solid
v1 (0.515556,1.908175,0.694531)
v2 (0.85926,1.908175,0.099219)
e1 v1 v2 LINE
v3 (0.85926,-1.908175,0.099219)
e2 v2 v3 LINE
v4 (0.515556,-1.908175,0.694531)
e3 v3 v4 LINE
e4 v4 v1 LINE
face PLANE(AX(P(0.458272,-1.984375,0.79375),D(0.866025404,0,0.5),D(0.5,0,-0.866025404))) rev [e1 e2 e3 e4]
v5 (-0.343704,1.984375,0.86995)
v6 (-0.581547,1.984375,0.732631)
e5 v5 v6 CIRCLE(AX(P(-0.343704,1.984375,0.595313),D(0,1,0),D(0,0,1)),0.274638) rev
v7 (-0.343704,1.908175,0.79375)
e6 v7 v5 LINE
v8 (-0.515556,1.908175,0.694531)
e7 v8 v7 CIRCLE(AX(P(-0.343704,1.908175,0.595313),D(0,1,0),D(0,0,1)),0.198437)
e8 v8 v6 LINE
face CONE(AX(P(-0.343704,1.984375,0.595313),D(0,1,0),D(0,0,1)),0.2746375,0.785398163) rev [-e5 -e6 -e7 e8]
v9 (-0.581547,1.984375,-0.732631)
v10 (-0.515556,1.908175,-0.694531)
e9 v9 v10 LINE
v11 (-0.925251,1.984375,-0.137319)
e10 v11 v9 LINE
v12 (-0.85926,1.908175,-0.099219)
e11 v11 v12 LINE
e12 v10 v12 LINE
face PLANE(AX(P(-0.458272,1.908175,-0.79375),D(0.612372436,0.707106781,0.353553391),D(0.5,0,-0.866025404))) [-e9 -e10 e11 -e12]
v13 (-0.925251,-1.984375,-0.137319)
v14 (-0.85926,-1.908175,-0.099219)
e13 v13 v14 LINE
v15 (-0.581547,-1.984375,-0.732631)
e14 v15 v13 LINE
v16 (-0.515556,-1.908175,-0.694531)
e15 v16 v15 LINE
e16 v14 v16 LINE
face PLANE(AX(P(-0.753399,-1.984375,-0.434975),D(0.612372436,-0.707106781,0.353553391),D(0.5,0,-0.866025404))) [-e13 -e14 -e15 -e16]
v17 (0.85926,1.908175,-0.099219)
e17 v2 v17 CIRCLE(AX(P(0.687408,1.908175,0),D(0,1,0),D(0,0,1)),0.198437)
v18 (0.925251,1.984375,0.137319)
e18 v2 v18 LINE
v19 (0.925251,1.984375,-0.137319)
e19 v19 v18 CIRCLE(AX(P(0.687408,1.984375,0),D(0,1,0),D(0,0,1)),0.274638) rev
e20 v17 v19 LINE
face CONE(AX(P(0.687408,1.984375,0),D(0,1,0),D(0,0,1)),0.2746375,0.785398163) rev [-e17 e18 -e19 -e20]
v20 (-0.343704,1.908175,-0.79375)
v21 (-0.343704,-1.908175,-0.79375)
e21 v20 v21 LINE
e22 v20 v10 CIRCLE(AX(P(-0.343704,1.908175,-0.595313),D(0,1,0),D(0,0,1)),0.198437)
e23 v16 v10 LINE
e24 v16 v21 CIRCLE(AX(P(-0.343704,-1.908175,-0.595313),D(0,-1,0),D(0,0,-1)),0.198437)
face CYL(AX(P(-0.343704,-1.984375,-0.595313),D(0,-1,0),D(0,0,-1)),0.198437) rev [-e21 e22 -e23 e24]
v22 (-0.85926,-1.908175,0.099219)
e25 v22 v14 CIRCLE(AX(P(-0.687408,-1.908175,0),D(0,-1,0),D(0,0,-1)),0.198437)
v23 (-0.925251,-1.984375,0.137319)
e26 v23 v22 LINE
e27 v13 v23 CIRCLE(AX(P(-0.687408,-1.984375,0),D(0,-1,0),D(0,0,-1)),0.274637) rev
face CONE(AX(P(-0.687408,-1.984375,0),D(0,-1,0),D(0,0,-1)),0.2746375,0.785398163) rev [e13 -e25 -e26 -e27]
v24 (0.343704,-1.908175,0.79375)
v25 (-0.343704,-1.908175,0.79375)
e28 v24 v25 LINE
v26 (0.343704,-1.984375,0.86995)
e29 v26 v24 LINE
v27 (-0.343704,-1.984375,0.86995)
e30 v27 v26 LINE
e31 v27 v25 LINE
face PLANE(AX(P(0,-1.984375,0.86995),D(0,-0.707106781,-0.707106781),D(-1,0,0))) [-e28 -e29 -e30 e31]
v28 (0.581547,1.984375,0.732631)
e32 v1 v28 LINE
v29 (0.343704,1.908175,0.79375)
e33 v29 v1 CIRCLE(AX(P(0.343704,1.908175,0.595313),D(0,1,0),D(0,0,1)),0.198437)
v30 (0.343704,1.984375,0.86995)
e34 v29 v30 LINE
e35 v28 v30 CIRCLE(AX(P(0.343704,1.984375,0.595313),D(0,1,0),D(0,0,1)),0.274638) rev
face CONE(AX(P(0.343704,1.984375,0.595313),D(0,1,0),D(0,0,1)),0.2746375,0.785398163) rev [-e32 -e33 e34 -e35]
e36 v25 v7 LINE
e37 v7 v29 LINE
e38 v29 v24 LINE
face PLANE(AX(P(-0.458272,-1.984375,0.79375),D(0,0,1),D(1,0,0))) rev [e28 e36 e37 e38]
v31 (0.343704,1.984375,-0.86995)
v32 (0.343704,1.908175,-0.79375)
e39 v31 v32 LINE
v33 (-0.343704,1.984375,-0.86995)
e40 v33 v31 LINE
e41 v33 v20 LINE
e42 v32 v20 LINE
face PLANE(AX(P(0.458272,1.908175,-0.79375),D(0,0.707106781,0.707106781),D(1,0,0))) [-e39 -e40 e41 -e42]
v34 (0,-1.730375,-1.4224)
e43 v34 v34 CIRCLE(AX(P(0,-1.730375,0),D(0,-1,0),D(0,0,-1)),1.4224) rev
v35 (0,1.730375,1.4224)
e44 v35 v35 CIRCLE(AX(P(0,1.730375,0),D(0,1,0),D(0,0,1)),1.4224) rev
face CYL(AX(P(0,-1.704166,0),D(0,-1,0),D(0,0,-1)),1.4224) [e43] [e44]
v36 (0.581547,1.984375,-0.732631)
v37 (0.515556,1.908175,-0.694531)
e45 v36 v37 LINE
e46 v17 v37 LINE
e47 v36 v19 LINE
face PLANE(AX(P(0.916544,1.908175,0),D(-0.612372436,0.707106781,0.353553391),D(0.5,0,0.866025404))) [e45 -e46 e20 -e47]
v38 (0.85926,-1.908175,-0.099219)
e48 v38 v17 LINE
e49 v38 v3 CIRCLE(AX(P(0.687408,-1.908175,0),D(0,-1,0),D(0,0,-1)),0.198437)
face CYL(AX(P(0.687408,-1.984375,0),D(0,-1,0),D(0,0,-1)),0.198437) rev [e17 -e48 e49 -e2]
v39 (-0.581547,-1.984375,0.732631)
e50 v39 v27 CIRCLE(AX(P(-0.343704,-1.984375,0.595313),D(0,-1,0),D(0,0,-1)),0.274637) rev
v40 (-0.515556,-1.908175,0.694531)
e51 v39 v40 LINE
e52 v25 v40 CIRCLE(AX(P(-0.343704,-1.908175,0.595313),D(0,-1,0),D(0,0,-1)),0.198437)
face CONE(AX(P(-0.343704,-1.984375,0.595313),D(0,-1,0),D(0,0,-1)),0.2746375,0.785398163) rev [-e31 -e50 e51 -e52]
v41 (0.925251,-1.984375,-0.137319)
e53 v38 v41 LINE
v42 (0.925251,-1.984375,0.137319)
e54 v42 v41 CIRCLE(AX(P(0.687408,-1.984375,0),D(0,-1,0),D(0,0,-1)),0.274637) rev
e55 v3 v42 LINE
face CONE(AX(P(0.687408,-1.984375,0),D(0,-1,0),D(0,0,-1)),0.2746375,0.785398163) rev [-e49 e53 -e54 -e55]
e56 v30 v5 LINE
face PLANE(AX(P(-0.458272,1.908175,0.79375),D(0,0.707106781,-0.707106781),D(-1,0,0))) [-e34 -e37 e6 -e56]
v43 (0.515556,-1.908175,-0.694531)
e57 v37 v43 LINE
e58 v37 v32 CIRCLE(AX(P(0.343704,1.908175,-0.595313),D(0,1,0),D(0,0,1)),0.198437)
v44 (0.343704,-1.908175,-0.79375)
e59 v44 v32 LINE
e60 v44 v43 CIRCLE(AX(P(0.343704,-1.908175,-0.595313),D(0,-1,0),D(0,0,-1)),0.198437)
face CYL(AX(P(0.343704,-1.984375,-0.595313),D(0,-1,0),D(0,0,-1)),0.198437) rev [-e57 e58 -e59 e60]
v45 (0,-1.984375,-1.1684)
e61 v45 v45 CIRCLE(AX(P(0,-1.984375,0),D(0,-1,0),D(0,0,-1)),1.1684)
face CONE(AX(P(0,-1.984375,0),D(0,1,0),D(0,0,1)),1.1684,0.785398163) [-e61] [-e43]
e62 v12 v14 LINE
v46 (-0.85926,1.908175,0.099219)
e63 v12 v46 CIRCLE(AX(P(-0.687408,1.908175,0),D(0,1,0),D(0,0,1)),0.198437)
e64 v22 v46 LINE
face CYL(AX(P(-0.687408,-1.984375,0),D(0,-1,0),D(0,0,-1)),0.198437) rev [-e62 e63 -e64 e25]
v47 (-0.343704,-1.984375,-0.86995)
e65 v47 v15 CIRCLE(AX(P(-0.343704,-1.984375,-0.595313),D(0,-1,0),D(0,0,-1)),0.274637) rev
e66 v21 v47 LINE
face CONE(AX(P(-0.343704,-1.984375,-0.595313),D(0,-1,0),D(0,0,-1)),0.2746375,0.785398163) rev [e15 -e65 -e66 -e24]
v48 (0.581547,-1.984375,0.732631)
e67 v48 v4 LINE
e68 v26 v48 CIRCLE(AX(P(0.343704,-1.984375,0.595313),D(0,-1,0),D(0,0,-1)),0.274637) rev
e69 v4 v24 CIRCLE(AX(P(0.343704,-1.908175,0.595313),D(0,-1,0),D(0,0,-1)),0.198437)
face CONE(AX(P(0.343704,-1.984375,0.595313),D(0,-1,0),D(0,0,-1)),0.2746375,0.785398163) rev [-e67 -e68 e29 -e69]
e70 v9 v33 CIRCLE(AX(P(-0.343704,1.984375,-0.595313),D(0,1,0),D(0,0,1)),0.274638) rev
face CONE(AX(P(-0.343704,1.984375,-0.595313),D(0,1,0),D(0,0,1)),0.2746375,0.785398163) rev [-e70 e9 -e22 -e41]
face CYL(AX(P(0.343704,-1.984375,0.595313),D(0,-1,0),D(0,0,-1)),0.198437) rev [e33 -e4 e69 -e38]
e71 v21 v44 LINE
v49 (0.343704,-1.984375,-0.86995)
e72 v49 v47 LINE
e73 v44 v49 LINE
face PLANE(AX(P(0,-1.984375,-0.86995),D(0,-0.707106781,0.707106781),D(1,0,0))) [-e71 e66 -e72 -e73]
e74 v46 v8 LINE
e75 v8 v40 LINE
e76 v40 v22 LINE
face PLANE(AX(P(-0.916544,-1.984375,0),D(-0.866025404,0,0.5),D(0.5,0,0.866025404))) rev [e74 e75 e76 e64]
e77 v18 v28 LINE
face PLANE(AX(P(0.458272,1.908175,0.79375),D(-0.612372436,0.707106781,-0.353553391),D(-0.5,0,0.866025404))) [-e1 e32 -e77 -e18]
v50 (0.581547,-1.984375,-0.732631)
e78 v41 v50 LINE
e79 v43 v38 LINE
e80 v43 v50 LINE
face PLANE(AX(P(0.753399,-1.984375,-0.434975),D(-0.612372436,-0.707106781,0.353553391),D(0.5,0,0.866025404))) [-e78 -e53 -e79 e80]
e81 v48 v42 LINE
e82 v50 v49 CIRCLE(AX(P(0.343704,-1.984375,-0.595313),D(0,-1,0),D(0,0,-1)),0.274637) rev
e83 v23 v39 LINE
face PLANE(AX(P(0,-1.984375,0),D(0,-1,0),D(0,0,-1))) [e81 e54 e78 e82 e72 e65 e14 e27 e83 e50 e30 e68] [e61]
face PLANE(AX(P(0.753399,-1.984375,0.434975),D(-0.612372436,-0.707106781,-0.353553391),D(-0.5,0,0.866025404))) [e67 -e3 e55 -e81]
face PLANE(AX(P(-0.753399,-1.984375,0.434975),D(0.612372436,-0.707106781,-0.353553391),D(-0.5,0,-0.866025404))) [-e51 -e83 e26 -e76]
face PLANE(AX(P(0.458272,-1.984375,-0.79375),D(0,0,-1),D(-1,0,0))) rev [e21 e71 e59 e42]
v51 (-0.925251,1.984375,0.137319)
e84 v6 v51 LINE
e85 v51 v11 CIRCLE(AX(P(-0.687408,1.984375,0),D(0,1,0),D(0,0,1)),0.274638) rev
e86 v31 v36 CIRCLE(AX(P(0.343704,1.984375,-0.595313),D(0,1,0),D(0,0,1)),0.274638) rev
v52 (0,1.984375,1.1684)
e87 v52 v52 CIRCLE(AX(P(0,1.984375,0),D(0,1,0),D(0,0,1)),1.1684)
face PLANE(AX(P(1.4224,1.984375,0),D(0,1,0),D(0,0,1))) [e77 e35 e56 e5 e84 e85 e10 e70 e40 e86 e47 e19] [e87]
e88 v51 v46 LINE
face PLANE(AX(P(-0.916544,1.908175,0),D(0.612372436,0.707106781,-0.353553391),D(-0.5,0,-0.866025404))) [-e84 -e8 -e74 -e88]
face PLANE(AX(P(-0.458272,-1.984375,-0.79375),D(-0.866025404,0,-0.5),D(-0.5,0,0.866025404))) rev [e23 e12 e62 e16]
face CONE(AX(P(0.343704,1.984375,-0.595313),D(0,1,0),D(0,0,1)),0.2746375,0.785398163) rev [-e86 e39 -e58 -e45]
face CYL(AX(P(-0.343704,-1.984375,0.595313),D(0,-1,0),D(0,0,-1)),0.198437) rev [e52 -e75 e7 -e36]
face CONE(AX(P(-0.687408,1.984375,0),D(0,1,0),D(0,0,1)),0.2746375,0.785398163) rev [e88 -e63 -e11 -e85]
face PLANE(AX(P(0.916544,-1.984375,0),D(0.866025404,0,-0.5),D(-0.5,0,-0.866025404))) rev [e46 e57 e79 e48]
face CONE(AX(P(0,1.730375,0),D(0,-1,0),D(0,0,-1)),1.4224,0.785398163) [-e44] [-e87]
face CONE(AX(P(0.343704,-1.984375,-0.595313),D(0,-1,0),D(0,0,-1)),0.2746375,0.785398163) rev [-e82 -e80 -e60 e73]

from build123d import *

# Parameters (mm, degrees)
SKETCH1_W               = 1.4224
SKETCH1_H               = 3.96875
CUT_EXTRUDE1_DEPTH      = 2.984375
CUT_EXTRUDE1_DEPTH_BACK = 2.984375
FILLET1_R               = 0.1984375
CHAMFER1_SIZE           = 0.254
CHAMFER2_SIZE           = 0.0762


with BuildPart() as part:
    # Sketch1 → Revolve1 (revolve)
    with BuildSketch(Plane.XY):
        with Locations((0.7112, 0)):
            Rectangle(SKETCH1_W, SKETCH1_H)
    revolve(axis=Axis((0, -1.704166029, 0), (0, 1, 0)))

    # Sketch3 → Cut-Extrude1 (cut, two sides)
    with BuildSketch(Plane(origin=(0, 0, 0), x_dir=(1, 0, 0), z_dir=(0, 1, 0))) as cut_extrude1_sk:
        Polygon((0.916543552, 0), (0.458271776, 0.79375), (-0.458271776, 0.79375), (-0.916543552, 0), (-0.458271776, -0.79375), (0.458271776, -0.79375), align=None)
    extrude(amount=CUT_EXTRUDE1_DEPTH, mode=Mode.SUBTRACT)
    extrude(cut_extrude1_sk.sketch, amount=-CUT_EXTRUDE1_DEPTH_BACK, mode=Mode.SUBTRACT)

    # Fillet1
    fillet1_edges = [part.edges().sort_by_distance(p)[0] for p in [
        (0.458271776, 0, -0.79375),
        (0.916543552, 0, 0),
        (0.458271776, 0, 0.79375),
        (-0.458271776, 0, 0.79375),
        (-0.916543552, 0, 0),
        (-0.458271776, 0, -0.79375),
    ]]
    fillet(fillet1_edges, radius=FILLET1_R)

    # Chamfer1
    chamfer1_edges = [part.edges().sort_by_distance(p)[0] for p in [
        (-1.4224, 1.984375, 0),
        (-1.4224, -1.984375, 0),
    ]]
    chamfer(chamfer1_edges, length=CHAMFER1_SIZE)

    # Chamfer2
    chamfer2_edges = [part.edges().sort_by_distance(p)[0] for p in [
        (0.687407664, -1.984375, -0.396875),
        (0.687407664, 1.984375, -0.396875),
        (0.687407664, -1.984375, 0.396875),
        (0.687407664, 1.984375, 0.396875),
        (0, -1.984375, 0.79375),
        (0, 1.984375, 0.79375),
        (-0.687407664, -1.984375, 0.396875),
        (-0.687407664, 1.984375, 0.396875),
        (-0.687407664, -1.984375, -0.396875),
        (-0.687407664, 1.984375, -0.396875),
        (0, -1.984375, -0.79375),
        (0, 1.984375, -0.79375),
        (0.885845164, 1.984375, 0),
        (0.885845164, -1.984375, 0),
        (0.442922582, 1.984375, 0.767164416),
        (0.442922582, -1.984375, 0.767164416),
        (-0.442922582, 1.984375, 0.767164416),
        (-0.442922582, -1.984375, 0.767164416),
        (-0.885845164, 1.984375, 0),
        (-0.885845164, -1.984375, 0),
        (-0.442922582, 1.984375, -0.767164416),
        (-0.442922582, -1.984375, -0.767164416),
        (0.442922582, 1.984375, -0.767164416),
        (0.442922582, -1.984375, -0.767164416),
    ]]
    chamfer(chamfer2_edges, length=CHAMFER2_SIZE)


solid = part.part
